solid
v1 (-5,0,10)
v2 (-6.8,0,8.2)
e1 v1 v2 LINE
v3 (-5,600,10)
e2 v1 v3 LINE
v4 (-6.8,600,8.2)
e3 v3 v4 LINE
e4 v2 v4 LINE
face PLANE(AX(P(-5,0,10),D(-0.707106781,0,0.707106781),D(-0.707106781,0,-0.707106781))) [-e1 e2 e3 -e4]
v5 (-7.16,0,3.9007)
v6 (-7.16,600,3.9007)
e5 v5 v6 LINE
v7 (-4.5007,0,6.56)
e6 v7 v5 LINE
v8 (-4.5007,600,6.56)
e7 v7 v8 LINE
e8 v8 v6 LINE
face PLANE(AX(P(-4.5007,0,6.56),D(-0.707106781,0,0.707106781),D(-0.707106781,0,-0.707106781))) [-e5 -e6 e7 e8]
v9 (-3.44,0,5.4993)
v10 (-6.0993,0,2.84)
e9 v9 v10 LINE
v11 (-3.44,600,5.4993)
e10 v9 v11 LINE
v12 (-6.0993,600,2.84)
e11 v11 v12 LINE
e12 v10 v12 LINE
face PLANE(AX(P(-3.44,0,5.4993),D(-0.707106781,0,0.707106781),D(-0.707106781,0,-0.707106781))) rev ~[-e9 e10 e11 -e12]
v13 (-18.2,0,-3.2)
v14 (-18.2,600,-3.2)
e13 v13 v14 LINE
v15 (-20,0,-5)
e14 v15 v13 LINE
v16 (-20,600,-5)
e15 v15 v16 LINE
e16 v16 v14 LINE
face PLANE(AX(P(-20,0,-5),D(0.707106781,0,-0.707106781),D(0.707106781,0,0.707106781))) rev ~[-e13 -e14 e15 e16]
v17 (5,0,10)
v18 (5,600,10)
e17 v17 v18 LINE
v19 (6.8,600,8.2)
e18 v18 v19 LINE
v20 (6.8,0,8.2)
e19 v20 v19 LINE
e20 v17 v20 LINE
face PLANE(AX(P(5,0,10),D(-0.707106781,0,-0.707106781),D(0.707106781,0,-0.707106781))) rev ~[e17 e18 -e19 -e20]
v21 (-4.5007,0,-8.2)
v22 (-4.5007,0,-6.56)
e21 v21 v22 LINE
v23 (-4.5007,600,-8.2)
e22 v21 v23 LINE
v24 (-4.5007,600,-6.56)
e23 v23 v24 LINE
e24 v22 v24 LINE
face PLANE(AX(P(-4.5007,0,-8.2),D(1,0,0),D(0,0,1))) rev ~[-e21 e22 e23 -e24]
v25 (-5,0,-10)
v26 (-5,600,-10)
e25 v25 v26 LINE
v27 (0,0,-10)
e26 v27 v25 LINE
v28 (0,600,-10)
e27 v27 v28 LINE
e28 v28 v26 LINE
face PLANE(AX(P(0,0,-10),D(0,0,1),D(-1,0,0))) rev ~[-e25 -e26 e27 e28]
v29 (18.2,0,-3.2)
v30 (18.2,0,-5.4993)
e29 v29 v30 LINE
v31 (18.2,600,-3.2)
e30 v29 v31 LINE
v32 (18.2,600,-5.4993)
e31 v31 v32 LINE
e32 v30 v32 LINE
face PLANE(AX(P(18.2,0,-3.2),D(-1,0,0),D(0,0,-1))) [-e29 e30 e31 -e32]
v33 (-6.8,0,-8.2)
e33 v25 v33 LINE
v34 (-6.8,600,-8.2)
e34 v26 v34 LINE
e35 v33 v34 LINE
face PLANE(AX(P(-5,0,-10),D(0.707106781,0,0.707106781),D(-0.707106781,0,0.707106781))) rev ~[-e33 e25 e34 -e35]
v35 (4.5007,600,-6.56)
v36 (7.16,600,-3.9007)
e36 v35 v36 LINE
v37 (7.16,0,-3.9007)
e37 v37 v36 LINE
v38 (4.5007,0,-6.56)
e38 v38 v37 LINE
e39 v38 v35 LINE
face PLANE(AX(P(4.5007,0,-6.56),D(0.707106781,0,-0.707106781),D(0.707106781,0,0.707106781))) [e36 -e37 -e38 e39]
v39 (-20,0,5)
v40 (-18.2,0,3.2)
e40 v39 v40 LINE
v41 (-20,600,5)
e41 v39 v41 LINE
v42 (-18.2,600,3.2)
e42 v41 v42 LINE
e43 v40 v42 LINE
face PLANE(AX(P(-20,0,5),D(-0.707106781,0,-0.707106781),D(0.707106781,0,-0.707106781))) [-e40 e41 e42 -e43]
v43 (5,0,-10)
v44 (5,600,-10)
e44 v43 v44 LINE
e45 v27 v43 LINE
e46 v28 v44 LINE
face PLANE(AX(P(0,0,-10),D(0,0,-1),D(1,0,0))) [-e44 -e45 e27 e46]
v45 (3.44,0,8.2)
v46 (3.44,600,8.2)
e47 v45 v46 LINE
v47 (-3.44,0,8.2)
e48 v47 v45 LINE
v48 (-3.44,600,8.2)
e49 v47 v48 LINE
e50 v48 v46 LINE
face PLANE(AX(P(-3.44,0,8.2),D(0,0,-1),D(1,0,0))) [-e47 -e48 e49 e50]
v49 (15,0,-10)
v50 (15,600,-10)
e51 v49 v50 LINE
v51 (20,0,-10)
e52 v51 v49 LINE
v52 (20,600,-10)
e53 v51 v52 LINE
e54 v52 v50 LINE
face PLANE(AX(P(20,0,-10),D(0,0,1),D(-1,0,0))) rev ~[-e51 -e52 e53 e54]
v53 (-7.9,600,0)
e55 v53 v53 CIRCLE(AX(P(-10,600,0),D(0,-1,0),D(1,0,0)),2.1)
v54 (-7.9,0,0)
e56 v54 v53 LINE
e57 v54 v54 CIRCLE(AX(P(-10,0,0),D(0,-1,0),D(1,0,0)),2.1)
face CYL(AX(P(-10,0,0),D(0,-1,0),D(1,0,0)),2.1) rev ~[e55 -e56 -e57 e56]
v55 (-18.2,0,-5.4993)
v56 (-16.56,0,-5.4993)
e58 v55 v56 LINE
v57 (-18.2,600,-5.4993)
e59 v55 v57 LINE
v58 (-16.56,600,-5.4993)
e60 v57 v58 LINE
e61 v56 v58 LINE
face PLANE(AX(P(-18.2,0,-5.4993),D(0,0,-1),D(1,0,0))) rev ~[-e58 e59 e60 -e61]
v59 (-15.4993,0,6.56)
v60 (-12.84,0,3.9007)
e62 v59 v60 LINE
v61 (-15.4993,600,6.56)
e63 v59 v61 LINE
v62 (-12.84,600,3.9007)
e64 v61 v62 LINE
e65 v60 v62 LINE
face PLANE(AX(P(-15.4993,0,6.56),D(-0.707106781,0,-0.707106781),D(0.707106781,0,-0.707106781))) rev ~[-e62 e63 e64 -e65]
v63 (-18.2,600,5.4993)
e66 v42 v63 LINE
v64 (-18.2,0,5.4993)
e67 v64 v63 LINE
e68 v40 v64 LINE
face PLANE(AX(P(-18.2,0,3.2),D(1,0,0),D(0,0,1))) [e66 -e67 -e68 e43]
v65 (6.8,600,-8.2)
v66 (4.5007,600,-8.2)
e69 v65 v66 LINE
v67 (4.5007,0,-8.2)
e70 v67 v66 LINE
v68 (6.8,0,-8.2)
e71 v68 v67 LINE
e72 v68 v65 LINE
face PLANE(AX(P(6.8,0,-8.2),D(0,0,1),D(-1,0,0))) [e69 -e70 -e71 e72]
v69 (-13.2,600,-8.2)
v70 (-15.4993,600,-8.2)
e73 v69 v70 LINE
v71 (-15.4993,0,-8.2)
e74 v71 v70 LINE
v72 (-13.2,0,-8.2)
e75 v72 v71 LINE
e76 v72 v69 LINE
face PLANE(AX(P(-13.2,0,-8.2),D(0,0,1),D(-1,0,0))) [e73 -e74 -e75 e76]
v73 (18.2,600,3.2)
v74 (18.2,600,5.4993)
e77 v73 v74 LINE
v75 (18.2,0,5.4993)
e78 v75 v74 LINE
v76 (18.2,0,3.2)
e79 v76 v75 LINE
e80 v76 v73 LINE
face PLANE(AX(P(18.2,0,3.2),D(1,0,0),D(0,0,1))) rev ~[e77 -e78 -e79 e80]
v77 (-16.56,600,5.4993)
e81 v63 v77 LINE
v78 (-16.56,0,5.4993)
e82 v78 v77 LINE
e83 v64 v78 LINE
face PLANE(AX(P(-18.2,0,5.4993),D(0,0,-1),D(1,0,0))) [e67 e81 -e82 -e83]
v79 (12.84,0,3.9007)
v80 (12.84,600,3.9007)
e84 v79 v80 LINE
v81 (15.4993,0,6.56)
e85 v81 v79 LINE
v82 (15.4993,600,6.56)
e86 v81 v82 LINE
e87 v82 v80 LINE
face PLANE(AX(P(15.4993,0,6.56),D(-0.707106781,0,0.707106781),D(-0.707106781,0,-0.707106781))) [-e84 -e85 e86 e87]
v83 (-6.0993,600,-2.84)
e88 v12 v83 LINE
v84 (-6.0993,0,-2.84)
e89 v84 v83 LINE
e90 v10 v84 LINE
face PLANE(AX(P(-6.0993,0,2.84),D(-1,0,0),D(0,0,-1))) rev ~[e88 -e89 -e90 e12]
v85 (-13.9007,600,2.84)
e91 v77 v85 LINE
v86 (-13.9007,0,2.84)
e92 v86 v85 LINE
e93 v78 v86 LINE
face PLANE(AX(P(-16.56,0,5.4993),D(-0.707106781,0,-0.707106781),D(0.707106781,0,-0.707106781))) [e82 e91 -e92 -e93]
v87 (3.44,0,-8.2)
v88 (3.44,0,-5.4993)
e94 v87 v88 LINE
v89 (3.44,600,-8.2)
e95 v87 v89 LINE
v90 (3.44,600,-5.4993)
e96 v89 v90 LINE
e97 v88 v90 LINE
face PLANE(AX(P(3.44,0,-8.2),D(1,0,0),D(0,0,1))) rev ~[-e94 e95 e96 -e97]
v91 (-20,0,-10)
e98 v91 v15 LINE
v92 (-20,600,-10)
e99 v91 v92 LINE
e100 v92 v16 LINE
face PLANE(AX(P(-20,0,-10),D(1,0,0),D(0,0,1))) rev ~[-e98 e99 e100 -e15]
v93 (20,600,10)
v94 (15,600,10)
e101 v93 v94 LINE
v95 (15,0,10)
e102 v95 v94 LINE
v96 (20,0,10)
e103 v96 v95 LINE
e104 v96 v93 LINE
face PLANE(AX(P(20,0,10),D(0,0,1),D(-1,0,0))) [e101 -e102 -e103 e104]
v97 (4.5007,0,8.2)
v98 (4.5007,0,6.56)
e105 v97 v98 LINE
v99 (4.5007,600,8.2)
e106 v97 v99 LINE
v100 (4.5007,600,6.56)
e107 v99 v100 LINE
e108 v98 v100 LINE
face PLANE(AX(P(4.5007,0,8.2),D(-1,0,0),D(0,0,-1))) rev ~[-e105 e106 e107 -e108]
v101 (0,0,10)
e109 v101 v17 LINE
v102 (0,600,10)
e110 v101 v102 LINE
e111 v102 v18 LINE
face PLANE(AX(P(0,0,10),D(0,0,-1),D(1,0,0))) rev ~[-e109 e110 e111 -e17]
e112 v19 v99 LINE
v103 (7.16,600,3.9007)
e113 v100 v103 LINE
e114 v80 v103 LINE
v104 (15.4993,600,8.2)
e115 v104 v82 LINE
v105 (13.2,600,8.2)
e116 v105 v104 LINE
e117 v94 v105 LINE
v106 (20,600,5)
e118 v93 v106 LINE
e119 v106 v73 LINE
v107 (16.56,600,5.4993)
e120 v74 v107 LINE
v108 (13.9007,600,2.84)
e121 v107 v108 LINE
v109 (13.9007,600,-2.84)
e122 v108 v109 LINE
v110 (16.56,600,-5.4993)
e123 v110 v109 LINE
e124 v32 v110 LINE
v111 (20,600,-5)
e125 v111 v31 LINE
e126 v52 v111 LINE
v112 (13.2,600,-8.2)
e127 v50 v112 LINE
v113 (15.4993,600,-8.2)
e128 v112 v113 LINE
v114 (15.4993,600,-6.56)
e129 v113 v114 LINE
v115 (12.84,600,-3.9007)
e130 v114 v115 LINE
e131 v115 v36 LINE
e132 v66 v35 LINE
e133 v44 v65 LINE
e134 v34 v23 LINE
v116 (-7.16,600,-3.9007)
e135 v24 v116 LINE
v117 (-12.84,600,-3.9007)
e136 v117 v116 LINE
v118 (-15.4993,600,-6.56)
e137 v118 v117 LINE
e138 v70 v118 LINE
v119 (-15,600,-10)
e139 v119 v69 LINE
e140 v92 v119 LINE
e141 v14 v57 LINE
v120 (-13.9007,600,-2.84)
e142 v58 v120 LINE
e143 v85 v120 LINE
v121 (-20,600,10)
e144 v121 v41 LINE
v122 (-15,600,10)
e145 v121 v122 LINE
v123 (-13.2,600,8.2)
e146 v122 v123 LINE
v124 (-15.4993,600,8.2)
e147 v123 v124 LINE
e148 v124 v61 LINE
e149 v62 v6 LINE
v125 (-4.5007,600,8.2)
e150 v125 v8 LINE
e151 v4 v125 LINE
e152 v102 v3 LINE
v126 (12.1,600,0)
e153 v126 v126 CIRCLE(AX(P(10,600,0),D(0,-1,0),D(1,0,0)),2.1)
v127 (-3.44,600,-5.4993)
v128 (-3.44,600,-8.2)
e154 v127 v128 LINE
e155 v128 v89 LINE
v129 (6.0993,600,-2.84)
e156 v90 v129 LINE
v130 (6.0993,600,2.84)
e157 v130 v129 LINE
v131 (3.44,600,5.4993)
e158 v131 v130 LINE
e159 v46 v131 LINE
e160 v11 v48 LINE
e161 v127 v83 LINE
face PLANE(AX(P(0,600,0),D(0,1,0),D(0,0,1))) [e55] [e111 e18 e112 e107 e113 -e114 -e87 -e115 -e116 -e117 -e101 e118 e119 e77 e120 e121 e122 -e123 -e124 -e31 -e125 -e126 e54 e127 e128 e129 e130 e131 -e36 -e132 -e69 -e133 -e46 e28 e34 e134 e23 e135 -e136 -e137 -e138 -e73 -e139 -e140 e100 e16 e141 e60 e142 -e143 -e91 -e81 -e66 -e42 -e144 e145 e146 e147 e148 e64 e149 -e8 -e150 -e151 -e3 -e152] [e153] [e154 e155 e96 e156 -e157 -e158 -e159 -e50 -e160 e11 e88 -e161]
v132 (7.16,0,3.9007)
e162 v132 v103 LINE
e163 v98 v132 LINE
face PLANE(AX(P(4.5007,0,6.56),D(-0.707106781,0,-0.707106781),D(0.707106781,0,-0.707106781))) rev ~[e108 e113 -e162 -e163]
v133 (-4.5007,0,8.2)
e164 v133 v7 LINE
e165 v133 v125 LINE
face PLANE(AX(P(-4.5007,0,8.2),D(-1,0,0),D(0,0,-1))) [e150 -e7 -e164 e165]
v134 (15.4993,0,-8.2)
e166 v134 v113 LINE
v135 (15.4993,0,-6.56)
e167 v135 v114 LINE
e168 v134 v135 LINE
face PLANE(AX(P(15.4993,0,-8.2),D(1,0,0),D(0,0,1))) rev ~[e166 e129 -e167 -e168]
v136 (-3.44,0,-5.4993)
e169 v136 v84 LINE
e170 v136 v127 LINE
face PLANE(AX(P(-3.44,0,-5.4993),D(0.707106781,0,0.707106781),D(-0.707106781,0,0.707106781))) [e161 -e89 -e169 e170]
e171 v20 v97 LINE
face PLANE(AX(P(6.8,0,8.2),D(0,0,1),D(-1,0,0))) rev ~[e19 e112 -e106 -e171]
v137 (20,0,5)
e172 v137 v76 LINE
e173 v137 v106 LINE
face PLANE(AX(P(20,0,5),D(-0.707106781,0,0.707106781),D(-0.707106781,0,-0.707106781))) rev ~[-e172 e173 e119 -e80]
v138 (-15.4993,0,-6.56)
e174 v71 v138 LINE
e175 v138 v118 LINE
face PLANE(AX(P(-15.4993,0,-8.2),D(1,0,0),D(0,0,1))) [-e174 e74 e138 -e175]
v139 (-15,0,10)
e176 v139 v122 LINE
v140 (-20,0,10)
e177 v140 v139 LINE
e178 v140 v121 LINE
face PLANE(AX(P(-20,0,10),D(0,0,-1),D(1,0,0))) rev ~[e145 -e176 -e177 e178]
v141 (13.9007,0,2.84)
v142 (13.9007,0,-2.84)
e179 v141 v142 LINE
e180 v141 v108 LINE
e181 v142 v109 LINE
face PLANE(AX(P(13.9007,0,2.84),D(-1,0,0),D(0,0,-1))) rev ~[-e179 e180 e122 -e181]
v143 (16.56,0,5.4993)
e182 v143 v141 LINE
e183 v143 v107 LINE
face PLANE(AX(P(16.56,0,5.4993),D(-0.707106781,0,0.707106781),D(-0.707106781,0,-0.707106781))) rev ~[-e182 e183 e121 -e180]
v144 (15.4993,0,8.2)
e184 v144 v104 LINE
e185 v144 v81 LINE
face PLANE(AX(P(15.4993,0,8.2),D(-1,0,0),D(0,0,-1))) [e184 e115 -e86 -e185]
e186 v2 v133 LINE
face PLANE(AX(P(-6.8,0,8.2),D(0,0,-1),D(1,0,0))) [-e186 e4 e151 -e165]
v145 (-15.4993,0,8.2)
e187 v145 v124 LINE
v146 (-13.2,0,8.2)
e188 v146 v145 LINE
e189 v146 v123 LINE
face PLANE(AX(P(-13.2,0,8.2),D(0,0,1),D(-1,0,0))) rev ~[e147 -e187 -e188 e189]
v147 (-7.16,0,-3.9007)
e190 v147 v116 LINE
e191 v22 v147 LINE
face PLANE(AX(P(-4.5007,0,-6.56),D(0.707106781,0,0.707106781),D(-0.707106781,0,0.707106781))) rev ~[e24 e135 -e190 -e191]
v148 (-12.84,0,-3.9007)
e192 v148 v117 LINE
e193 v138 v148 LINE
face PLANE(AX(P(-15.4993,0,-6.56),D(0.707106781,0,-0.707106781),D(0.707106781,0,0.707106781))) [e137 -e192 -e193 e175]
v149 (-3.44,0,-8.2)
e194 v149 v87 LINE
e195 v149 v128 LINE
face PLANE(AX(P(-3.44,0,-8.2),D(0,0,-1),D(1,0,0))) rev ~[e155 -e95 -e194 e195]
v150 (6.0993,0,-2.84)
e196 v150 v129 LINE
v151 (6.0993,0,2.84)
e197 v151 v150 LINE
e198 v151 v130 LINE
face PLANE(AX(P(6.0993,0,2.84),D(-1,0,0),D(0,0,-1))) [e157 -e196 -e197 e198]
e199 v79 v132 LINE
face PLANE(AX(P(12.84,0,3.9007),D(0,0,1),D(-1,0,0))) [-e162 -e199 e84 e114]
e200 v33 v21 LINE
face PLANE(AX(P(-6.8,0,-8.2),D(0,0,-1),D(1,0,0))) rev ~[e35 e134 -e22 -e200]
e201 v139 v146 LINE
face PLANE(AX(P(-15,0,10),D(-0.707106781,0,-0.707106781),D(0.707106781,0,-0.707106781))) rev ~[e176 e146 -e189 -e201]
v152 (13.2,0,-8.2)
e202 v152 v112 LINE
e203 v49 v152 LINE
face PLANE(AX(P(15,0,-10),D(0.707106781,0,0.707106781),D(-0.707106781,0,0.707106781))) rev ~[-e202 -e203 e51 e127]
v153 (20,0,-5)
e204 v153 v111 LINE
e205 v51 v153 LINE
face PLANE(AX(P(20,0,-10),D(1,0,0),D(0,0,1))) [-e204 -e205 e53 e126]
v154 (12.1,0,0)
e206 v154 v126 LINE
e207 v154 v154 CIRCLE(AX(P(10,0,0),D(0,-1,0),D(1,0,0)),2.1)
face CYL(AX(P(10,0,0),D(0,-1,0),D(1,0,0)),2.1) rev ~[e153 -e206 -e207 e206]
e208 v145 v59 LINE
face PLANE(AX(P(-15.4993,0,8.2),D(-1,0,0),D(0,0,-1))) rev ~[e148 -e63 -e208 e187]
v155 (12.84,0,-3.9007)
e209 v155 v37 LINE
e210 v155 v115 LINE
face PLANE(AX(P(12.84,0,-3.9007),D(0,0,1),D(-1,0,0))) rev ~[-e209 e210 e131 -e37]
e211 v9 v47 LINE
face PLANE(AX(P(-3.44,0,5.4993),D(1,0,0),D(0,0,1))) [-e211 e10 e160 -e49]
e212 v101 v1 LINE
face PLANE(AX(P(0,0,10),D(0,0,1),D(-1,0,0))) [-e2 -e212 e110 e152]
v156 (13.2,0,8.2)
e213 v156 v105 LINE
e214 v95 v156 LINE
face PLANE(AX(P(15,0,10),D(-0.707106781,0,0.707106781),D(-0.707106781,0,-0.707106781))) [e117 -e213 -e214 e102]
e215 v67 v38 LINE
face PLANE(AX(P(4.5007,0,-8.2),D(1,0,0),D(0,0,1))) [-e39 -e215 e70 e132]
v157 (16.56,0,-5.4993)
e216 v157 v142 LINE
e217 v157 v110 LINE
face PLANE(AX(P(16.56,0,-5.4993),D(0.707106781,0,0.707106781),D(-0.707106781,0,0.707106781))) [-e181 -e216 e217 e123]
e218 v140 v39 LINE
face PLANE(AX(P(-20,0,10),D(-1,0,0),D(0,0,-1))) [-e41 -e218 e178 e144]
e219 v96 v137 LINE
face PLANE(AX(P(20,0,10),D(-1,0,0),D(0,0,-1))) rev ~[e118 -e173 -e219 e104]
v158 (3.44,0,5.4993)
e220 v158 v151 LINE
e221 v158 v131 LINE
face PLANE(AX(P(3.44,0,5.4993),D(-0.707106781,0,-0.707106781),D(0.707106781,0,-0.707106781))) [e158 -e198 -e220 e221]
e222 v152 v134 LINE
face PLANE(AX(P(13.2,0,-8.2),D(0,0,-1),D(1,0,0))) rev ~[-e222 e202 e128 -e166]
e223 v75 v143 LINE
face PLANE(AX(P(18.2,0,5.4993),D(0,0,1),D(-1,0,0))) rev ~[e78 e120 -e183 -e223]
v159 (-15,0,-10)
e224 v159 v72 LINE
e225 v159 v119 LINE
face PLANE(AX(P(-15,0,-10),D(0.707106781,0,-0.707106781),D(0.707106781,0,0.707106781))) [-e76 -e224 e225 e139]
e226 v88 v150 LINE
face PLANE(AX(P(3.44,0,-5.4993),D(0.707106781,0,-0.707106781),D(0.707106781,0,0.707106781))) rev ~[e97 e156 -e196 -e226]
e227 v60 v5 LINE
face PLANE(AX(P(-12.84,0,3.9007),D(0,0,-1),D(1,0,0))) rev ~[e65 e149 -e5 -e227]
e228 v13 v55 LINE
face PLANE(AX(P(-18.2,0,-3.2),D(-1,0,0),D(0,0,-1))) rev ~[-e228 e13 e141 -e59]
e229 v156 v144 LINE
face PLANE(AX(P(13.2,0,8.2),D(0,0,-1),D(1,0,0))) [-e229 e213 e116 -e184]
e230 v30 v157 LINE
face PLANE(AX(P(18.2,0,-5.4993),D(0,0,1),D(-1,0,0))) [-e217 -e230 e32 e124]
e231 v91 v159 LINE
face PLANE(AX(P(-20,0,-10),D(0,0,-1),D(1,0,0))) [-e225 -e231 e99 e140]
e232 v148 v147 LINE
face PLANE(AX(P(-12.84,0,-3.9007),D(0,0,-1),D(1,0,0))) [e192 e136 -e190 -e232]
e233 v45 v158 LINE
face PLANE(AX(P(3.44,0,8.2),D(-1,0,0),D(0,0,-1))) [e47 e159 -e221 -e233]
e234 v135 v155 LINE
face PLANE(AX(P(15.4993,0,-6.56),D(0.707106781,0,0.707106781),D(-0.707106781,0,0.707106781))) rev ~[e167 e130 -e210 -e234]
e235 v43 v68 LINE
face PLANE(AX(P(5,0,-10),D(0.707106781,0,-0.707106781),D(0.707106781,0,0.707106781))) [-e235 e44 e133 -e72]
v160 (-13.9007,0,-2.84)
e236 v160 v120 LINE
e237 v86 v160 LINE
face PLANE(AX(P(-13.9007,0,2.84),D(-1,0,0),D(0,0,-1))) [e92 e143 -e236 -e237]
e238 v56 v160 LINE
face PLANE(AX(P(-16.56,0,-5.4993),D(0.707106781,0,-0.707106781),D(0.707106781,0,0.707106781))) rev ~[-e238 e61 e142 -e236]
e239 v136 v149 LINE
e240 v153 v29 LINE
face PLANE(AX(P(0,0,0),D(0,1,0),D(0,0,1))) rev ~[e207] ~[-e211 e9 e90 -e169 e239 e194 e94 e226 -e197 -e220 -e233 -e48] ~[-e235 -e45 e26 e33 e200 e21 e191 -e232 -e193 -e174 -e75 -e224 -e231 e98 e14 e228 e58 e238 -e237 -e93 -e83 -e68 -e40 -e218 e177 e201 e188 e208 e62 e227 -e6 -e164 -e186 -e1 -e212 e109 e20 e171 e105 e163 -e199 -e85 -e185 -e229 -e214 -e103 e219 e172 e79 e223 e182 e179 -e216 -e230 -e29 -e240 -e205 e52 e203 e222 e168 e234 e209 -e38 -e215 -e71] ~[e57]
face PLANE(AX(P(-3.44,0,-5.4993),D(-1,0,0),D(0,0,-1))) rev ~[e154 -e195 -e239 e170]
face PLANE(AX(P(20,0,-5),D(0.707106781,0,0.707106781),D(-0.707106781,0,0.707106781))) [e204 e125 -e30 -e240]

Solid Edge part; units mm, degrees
sketch "Sketch1" plane through (0, 0, 0) normal (0, -1, 0) x (1, 0, 0)
  line L0 (-13.2, 8.2) -> (-15.4993, 8.2)
  line L1 (-15.4993, 8.2) -> (-15.4993, 6.56)
  line L2 (-15.4993, 6.56) -> (-12.84, 3.9007)
  line L3 (-12.84, 3.9007) -> (-7.16, 3.9007)
  line L4 (-4.5007, 6.56) -> (-7.16, 3.9007)
  line L5 (-4.5007, 8.2) -> (-4.5007, 6.56)
  line L6 (-6.8, 8.2) -> (-4.5007, 8.2)
  line L7 (-5, 10) -> (-6.8, 8.2)
  line L8 (0, 10) -> (-5, 10)
  line L9 (0, 10) -> (5, 10)
  line L10 (5, 10) -> (6.8, 8.2)
  line L11 (6.8, 8.2) -> (4.5007, 8.2)
  line L12 (4.5007, 8.2) -> (4.5007, 6.56)
  line L13 (4.5007, 6.56) -> (7.16, 3.9007)
  line L14 (12.84, 3.9007) -> (7.16, 3.9007)
  line L15 (15.4993, 6.56) -> (12.84, 3.9007)
  line L16 (15.4993, 8.2) -> (15.4993, 6.56)
  line L17 (13.2, 8.2) -> (15.4993, 8.2)
  line L18 (15, 10) -> (13.2, 8.2)
  line L19 (20, 10) -> (15, 10)
  line L20 (20, 10) -> (20, 5)
  line L21 (20, 5) -> (18.2, 3.2)
  line L22 (18.2, 3.2) -> (18.2, 5.4993)
  line L23 (18.2, 5.4993) -> (16.56, 5.4993)
  line L24 (16.56, 5.4993) -> (13.9007, 2.84)
  line L25 (13.9007, 2.84) -> (13.9007, -2.84)
  line L26 (16.56, -5.4993) -> (13.9007, -2.84)
  line L27 (18.2, -5.4993) -> (16.56, -5.4993)
  line L28 (18.2, -3.2) -> (18.2, -5.4993)
  line L29 (20, -5) -> (18.2, -3.2)
  line L30 (20, -10) -> (20, -5)
  line L31 (20, -10) -> (15, -10)
  line L32 (15, -10) -> (13.2, -8.2)
  line L33 (13.2, -8.2) -> (15.4993, -8.2)
  line L34 (15.4993, -8.2) -> (15.4993, -6.56)
  line L35 (15.4993, -6.56) -> (12.84, -3.9007)
  line L36 (12.84, -3.9007) -> (7.16, -3.9007)
  line L37 (4.5007, -6.56) -> (7.16, -3.9007)
  line L38 (4.5007, -8.2) -> (4.5007, -6.56)
  line L39 (6.8, -8.2) -> (4.5007, -8.2)
  line L40 (5, -10) -> (6.8, -8.2)
  line L41 (0, -10) -> (5, -10)
  line L42 (0, -10) -> (-5, -10)
  line L43 (-5, -10) -> (-6.8, -8.2)
  line L44 (-6.8, -8.2) -> (-4.5007, -8.2)
  line L45 (-4.5007, -8.2) -> (-4.5007, -6.56)
  line L46 (-4.5007, -6.56) -> (-7.16, -3.9007)
  line L47 (-12.84, -3.9007) -> (-7.16, -3.9007)
  line L48 (-15.4993, -6.56) -> (-12.84, -3.9007)
  line L49 (-15.4993, -8.2) -> (-15.4993, -6.56)
  line L50 (-13.2, -8.2) -> (-15.4993, -8.2)
  line L51 (-15, -10) -> (-13.2, -8.2)
  line L52 (-20, -10) -> (-15, -10)
  line L53 (-20, -10) -> (-20, -5)
  line L54 (-20, -5) -> (-18.2, -3.2)
  line L55 (-18.2, -3.2) -> (-18.2, -5.4993)
  line L56 (-18.2, -5.4993) -> (-16.56, -5.4993)
  line L57 (-16.56, -5.4993) -> (-13.9007, -2.84)
  line L58 (-13.9007, 2.84) -> (-13.9007, -2.84)
  line L59 (-16.56, 5.4993) -> (-13.9007, 2.84)
  line L60 (-18.2, 5.4993) -> (-16.56, 5.4993)
  line L61 (-18.2, 3.2) -> (-18.2, 5.4993)
  line L62 (-20, 5) -> (-18.2, 3.2)
  line L63 (-20, 10) -> (-20, 5)
  line L64 (-20, 10) -> (-15, 10)
  line L65 (-15, 10) -> (-13.2, 8.2)
  line L66 (-3.44, 5.4993) -> (-6.0993, 2.84)
  line L67 (-6.0993, 2.84) -> (-6.0993, -2.84)
  line L68 (-3.44, -5.4993) -> (-6.0993, -2.84)
  line L69 (-3.44, -5.4993) -> (-3.44, -8.2)
  line L70 (-3.44, -8.2) -> (3.44, -8.2)
  line L71 (3.44, -8.2) -> (3.44, -5.4993)
  line L72 (3.44, -5.4993) -> (6.0993, -2.84)
  line L73 (6.0993, 2.84) -> (6.0993, -2.84)
  line L74 (3.44, 5.4993) -> (6.0993, 2.84)
  line L75 (3.44, 8.2) -> (3.44, 5.4993)
  line L76 (-3.44, 8.2) -> (3.44, 8.2)
  line L77 (-3.44, 5.4993) -> (-3.44, 8.2)
  circle A0 centre (-10, 0) radius 2.1
  circle A1 centre (10, 0) radius 2.1
extrude "Protrusion1" add sketch "Sketch1" against normal blind 600
properties material "Aluminio, 1060"
